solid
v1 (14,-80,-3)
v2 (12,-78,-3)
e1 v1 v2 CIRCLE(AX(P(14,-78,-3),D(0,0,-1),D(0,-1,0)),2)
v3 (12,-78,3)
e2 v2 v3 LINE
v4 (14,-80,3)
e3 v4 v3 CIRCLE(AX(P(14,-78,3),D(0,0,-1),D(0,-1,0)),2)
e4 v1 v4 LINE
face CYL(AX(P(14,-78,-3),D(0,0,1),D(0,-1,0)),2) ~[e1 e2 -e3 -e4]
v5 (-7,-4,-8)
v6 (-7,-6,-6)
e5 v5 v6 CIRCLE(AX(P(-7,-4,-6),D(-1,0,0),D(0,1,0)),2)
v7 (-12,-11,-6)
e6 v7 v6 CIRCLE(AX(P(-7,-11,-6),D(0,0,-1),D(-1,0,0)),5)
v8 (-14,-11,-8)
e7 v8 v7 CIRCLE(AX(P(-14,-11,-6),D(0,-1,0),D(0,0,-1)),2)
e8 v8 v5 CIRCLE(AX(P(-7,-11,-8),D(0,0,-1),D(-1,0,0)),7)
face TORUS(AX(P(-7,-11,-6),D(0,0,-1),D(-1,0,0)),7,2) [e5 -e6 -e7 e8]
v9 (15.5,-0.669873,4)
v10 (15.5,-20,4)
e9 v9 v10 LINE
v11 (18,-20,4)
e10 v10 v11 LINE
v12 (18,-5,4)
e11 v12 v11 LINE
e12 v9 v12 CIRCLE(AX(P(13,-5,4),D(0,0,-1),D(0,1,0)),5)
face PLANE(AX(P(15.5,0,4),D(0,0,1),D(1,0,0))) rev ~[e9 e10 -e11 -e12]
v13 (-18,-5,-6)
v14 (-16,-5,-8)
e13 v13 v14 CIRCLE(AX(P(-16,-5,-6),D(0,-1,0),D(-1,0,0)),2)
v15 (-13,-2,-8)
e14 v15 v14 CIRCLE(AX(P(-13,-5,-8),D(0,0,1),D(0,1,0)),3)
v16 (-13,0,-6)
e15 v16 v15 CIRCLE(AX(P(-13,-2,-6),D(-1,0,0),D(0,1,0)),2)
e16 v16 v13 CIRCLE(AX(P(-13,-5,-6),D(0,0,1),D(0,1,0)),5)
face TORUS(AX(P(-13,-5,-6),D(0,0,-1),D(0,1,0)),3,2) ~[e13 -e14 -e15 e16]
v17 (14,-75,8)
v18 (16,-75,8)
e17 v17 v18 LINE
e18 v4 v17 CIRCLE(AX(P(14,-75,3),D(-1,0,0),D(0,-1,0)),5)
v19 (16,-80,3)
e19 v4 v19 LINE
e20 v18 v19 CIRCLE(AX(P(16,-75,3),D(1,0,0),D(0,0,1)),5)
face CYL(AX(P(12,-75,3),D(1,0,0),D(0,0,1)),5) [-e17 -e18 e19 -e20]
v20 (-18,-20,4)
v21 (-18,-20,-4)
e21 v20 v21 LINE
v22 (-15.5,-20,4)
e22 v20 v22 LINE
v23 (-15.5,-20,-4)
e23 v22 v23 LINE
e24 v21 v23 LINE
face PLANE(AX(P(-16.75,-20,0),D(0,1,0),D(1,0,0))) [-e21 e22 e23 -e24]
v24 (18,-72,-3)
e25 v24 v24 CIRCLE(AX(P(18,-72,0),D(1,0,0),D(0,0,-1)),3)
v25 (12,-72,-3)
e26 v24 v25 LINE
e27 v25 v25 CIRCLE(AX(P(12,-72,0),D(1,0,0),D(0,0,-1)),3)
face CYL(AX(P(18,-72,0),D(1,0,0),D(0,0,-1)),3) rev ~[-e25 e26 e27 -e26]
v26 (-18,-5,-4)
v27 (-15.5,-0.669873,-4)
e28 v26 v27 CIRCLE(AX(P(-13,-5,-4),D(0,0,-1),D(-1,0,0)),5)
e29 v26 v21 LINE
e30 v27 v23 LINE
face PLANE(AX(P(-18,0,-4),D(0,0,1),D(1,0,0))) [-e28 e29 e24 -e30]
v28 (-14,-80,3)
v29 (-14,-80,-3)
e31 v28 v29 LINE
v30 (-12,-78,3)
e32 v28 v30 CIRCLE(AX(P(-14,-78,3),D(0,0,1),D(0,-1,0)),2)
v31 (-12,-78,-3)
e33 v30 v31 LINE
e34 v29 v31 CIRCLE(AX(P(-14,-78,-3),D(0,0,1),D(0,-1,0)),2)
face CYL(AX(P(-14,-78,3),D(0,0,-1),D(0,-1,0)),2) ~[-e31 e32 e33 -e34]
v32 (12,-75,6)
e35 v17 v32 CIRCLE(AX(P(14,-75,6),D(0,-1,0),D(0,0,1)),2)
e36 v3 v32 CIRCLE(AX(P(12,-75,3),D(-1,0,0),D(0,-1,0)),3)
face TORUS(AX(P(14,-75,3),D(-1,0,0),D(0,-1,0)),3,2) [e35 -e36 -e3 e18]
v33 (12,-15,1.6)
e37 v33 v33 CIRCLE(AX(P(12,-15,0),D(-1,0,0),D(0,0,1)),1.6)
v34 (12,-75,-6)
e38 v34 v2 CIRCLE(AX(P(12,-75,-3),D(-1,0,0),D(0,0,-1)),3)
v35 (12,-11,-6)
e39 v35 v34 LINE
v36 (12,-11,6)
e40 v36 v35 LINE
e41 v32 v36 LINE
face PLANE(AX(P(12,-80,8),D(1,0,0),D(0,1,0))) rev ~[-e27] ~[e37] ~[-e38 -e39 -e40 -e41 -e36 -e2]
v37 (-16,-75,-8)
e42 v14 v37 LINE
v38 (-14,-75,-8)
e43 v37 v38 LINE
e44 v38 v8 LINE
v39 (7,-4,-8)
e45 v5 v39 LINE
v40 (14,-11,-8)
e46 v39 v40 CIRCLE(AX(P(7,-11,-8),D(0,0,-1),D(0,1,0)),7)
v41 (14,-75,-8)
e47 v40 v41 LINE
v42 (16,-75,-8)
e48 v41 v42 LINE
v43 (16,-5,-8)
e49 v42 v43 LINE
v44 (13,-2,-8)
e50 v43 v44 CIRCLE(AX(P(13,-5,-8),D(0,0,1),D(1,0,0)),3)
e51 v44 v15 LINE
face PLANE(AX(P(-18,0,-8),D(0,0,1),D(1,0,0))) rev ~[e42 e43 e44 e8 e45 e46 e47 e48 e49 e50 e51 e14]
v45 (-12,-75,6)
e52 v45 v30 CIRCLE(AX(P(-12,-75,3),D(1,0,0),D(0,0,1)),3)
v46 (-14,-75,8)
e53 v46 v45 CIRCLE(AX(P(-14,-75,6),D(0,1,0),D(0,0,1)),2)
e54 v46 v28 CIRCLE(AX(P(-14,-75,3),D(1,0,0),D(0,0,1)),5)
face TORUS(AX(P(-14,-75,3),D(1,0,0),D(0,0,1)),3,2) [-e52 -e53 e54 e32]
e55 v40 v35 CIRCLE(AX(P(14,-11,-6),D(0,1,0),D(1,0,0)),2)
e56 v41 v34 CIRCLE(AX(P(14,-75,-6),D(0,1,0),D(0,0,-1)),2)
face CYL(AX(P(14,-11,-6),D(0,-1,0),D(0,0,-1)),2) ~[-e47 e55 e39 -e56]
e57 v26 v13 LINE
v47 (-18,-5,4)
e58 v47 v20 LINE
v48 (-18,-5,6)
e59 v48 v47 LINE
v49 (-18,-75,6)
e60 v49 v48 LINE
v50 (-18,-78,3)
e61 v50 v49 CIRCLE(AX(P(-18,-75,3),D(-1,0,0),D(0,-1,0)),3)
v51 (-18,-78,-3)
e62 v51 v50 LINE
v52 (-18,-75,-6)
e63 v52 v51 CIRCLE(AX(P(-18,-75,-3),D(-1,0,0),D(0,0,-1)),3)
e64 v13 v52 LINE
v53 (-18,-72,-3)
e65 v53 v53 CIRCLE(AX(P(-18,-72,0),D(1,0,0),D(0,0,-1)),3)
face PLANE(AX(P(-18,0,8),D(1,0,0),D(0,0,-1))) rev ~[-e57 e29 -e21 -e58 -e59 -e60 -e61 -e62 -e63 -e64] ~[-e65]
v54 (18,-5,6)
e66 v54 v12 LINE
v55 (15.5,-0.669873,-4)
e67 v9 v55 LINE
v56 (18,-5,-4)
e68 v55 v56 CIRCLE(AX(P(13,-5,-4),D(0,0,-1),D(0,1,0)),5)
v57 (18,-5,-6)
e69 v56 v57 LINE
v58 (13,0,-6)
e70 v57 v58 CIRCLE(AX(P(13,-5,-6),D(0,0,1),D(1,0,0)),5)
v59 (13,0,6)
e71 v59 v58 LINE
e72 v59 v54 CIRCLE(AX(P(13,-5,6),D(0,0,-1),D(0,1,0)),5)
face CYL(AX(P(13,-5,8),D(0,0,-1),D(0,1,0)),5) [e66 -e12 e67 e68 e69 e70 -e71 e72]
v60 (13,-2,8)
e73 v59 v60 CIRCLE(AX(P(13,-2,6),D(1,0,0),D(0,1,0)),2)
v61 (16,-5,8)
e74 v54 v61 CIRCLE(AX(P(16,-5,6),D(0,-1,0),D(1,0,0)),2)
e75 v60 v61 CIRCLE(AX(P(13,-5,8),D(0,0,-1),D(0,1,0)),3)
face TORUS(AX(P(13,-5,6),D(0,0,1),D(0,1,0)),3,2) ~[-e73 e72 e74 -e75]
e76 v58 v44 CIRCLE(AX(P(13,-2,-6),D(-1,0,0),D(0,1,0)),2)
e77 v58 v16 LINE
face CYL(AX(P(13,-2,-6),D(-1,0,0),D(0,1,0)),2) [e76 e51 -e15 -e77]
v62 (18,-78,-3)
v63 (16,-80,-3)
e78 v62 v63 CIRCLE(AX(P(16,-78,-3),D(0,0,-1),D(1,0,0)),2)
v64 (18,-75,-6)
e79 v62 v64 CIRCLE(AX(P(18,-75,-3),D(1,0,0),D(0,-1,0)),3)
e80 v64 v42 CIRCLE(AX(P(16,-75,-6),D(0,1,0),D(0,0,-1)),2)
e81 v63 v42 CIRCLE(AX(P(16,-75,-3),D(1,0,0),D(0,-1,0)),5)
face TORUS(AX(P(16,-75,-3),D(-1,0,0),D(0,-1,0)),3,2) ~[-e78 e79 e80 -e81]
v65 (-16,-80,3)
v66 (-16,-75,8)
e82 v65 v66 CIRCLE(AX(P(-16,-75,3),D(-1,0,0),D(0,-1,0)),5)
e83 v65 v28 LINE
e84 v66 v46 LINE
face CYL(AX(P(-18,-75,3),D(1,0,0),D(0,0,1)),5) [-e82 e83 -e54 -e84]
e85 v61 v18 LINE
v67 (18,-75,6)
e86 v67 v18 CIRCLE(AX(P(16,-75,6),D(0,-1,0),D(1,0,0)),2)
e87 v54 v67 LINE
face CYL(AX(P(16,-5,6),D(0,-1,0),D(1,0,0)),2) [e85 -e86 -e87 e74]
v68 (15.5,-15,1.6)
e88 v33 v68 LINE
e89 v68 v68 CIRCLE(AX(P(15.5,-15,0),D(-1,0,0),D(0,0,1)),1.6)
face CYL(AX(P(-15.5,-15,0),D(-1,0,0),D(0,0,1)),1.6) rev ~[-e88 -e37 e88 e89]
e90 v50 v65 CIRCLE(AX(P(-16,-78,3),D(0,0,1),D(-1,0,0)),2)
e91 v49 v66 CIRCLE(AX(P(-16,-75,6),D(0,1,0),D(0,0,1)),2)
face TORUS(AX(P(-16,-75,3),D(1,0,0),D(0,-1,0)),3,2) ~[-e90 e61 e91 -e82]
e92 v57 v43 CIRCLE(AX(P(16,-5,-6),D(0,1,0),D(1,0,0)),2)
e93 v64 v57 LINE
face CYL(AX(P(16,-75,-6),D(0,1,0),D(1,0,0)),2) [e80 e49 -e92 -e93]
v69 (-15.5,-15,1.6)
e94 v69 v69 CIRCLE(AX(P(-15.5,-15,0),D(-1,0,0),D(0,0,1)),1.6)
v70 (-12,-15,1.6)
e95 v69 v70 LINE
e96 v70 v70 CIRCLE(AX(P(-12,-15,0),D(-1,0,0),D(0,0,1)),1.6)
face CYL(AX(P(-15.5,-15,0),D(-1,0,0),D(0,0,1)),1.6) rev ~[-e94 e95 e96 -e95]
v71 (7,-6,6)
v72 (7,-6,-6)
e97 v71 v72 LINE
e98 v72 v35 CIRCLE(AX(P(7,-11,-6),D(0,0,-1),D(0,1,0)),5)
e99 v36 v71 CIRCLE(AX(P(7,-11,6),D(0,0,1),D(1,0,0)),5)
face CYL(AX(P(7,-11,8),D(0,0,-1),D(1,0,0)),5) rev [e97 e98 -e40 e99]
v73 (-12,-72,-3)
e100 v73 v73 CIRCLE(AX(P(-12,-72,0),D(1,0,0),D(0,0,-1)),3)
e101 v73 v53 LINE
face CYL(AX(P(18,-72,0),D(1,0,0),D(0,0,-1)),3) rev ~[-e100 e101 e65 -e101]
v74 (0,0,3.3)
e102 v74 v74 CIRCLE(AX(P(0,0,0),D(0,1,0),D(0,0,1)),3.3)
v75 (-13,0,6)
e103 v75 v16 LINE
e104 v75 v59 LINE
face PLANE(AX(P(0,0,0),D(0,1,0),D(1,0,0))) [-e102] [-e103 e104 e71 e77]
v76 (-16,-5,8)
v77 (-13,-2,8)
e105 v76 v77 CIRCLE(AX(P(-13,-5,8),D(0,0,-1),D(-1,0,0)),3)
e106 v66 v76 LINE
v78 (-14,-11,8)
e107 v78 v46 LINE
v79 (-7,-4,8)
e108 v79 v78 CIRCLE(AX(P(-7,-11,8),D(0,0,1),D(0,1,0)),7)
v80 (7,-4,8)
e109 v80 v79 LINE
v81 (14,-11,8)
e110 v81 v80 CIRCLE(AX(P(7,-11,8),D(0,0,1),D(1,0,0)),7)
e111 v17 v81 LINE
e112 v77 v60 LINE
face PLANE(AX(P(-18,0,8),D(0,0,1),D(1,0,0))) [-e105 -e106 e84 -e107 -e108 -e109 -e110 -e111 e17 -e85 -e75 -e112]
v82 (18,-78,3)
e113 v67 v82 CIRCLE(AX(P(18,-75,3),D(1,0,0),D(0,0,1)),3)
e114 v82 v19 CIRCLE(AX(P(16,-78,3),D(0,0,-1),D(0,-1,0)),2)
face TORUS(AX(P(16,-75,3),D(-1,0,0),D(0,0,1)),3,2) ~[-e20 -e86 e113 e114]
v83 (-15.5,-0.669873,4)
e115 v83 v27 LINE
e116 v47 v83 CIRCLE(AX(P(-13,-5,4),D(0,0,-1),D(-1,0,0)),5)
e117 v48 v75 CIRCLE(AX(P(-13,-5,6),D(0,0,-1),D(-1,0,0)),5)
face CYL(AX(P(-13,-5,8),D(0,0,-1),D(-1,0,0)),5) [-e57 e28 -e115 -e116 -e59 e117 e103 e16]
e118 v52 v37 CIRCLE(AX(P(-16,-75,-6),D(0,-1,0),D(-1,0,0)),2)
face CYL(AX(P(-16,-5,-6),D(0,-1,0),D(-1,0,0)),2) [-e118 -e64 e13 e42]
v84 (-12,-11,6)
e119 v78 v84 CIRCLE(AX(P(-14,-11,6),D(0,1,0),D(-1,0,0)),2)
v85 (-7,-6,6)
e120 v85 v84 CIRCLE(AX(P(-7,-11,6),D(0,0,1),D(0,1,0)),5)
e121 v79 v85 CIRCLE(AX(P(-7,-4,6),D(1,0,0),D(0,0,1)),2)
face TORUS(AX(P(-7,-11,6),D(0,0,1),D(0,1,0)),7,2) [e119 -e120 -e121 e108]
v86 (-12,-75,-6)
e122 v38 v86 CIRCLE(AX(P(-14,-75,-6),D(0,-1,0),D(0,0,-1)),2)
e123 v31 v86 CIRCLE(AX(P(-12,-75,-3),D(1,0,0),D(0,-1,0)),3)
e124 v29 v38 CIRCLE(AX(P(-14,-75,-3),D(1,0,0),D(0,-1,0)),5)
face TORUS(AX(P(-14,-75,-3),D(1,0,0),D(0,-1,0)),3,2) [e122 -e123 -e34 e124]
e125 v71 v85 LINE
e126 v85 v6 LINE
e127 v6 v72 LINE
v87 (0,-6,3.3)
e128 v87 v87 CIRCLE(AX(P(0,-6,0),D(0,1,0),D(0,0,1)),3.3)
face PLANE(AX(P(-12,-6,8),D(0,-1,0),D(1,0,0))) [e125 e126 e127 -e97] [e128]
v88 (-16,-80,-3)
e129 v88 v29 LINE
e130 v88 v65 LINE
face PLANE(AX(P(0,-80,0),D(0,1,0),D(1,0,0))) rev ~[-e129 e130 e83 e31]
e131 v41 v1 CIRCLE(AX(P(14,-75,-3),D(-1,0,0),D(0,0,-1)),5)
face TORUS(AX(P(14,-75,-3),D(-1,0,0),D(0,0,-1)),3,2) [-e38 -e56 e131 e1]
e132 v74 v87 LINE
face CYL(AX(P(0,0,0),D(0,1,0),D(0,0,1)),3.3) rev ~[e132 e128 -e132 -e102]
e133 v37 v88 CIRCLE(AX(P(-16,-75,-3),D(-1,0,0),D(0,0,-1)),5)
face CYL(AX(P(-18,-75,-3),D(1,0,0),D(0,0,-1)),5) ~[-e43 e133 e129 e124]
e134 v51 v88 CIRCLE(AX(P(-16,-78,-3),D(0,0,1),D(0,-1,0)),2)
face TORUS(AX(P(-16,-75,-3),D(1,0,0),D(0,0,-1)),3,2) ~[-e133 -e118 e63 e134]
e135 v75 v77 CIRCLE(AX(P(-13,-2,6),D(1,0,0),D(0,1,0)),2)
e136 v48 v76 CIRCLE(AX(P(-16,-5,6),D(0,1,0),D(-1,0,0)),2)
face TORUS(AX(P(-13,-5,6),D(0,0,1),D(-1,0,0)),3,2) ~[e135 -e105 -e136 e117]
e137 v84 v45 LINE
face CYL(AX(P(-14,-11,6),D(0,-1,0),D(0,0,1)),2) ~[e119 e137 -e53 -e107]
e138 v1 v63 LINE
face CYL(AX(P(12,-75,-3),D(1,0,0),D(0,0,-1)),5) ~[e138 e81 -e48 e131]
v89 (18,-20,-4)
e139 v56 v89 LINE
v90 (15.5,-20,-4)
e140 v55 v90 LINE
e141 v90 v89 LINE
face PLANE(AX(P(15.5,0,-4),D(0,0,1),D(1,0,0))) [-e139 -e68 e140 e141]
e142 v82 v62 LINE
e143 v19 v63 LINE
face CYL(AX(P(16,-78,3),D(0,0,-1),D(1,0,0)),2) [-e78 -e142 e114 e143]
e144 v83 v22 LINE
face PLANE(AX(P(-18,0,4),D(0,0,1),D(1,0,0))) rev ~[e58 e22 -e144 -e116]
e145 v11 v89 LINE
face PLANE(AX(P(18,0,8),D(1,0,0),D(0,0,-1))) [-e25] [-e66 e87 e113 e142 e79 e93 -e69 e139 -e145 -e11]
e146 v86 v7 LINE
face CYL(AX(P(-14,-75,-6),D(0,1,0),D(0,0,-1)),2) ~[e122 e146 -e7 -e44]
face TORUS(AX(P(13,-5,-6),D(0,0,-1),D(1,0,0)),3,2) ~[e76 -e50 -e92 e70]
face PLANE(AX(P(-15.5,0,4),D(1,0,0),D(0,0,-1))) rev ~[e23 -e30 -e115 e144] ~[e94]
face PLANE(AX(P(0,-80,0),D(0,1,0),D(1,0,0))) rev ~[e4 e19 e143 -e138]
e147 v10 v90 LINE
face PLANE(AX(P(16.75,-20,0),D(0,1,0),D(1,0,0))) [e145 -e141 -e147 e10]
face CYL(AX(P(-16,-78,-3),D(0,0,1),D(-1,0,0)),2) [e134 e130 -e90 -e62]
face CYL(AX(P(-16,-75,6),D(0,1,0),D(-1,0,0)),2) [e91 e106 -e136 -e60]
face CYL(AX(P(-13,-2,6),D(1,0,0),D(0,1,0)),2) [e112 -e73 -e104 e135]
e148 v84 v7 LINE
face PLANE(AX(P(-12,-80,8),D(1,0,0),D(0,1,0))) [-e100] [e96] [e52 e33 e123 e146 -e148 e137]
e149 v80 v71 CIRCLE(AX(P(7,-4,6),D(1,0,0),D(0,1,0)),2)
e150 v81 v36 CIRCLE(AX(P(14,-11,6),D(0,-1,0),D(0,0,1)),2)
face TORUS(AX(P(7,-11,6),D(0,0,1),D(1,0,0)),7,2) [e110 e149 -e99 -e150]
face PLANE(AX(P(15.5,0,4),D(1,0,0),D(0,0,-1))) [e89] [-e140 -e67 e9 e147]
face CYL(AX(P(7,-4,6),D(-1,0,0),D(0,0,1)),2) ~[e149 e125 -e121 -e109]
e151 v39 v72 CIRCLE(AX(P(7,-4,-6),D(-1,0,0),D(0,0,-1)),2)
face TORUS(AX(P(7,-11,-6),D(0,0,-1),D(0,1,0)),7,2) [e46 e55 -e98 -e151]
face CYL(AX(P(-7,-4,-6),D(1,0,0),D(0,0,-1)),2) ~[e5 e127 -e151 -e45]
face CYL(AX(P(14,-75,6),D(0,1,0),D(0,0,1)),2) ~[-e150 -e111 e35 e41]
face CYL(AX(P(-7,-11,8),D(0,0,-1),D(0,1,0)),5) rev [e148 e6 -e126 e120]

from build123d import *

# Parameters (mm, degrees)
SKETCH_1_W          = 36
SKETCH_1_H          = 16
EXTRUDE_1_DEPTH     = 80
SKETCH_3_W          = 24
SKETCH_3_H          = 74
CUT_EXTRUDE_1_DEPTH = 84.546394297
FILLET_1_R          = 5
FILLET_2_R          = 2
SKETCH_4_R          = 3
CUT_EXTRUDE_2_DEPTH = 89.090862182
SKETCH_2_R          = 3.3
CUT_EXTRUDE_3_DEPTH = 83.389319696
SKETCH_5_W          = 2.5
SKETCH_5_H          = 8
CUT_EXTRUDE_4_DEPTH = 20
SKETCH_6_R          = 1.6
CUT_EXTRUDE_5_DEPTH = 88.099081511


with BuildPart() as part:
    # 草图1 → 凸台-拉伸1 (new body)
    with BuildSketch(Plane(origin=(0, 0, 0), x_dir=(1, 0, 0), z_dir=(0, 1, 0))):
        Rectangle(SKETCH_1_W, SKETCH_1_H)
    extrude(amount=-EXTRUDE_1_DEPTH)

    # 草图3 → 切除-拉伸1 (cut, through all)
    with BuildSketch(Plane.XY.offset(8)):
        with Locations((0, -43)):
            Rectangle(SKETCH_3_W, SKETCH_3_H)
    extrude(amount=-CUT_EXTRUDE_1_DEPTH, mode=Mode.SUBTRACT)

    # 圆角1
    fillet_1_edges = [part.edges().sort_by_distance(p)[0] for p in [
        (15, -80, -8),
        (-15, -80, -8),
        (15, -80, 8),
        (-12, -6, 0),
        (12, -6, 0),
        (18, 0, 0),
        (-18, 0, 0),
        (-15, -80, 8),
    ]]
    fillet(fillet_1_edges, radius=FILLET_1_R)

    # 圆角2
    fillet_2_edges = [part.edges().sort_by_distance(p)[0] for p in [
        (-12, -43, -8),
        (-18, -40, -8),
        (0, 0, -8),
        (18, -40, -8),
        (12, -43, -8),
        (0, -6, -8),
        (16.535533906, -1.464466094, -8),
        (-16.535533906, -1.464466094, -8),
        (-18, -80, 0),
        (-18, -40, 8),
        (-18, -78.535533906, 6.535533906),
        (-18, -78.535533906, -6.535533906),
        (-12, -80, 0),
        (-12, -43, 8),
        (-12, -78.535533906, 6.535533906),
        (-12, -78.535533906, -6.535533906),
        (12, -43, 8),
        (12, -80, 0),
        (12, -78.535533906, 6.535533906),
        (12, -78.535533906, -6.535533906),
        (18, -80, 0),
        (18, -40, 8),
        (18, -78.535533906, 6.535533906),
        (18, -78.535533906, -6.535533906),
        (0, -6, 8),
        (0, 0, 8),
        (16.535533906, -1.464466094, 8),
        (-16.535533906, -1.464466094, 8),
        (10.535533906, -7.464466094, 8),
        (10.535533906, -7.464466094, -8),
        (-10.535533906, -7.464466094, 8),
        (-10.535533906, -7.464466094, -8),
    ]]
    fillet(fillet_2_edges, radius=FILLET_2_R)

    # 草图4 → 切除-拉伸2 (cut, through all)
    with BuildSketch(Plane(origin=(18, 0, 0), x_dir=(0, 0, -1), z_dir=(1, 0, 0))):
        with Locations((0, -72)):
            Circle(SKETCH_4_R)
    extrude(amount=-CUT_EXTRUDE_2_DEPTH, mode=Mode.SUBTRACT)

    # 草图2 → 切除-拉伸3 (cut, through all)
    with BuildSketch(Plane(origin=(0, 0, 0), x_dir=(1, 0, 0), z_dir=(0, 1, 0))):
        with Locations(Location((0, 0, 0), (0, 0, 270))):
            Circle(SKETCH_2_R)
    extrude(amount=-CUT_EXTRUDE_3_DEPTH, mode=Mode.SUBTRACT)

    # 草图5 → 切除-拉伸4 (cut)
    with BuildSketch(Plane(origin=(0, 0, 0), x_dir=(1, 0, 0), z_dir=(0, 1, 0))):
        with Locations((-16.75, 0)):
            Rectangle(SKETCH_5_W, SKETCH_5_H)
        with Locations((16.75, 0)):
            Rectangle(SKETCH_5_W, SKETCH_5_H)
    extrude(amount=-CUT_EXTRUDE_4_DEPTH, mode=Mode.SUBTRACT)

    # 草图6 → 切除-拉伸5 (cut, through all)
    with BuildSketch(Plane.ZY.offset(15.5)):
        with Locations((0, -15)):
            Circle(SKETCH_6_R)
    extrude(amount=-CUT_EXTRUDE_5_DEPTH, mode=Mode.SUBTRACT)


solid = part.part
